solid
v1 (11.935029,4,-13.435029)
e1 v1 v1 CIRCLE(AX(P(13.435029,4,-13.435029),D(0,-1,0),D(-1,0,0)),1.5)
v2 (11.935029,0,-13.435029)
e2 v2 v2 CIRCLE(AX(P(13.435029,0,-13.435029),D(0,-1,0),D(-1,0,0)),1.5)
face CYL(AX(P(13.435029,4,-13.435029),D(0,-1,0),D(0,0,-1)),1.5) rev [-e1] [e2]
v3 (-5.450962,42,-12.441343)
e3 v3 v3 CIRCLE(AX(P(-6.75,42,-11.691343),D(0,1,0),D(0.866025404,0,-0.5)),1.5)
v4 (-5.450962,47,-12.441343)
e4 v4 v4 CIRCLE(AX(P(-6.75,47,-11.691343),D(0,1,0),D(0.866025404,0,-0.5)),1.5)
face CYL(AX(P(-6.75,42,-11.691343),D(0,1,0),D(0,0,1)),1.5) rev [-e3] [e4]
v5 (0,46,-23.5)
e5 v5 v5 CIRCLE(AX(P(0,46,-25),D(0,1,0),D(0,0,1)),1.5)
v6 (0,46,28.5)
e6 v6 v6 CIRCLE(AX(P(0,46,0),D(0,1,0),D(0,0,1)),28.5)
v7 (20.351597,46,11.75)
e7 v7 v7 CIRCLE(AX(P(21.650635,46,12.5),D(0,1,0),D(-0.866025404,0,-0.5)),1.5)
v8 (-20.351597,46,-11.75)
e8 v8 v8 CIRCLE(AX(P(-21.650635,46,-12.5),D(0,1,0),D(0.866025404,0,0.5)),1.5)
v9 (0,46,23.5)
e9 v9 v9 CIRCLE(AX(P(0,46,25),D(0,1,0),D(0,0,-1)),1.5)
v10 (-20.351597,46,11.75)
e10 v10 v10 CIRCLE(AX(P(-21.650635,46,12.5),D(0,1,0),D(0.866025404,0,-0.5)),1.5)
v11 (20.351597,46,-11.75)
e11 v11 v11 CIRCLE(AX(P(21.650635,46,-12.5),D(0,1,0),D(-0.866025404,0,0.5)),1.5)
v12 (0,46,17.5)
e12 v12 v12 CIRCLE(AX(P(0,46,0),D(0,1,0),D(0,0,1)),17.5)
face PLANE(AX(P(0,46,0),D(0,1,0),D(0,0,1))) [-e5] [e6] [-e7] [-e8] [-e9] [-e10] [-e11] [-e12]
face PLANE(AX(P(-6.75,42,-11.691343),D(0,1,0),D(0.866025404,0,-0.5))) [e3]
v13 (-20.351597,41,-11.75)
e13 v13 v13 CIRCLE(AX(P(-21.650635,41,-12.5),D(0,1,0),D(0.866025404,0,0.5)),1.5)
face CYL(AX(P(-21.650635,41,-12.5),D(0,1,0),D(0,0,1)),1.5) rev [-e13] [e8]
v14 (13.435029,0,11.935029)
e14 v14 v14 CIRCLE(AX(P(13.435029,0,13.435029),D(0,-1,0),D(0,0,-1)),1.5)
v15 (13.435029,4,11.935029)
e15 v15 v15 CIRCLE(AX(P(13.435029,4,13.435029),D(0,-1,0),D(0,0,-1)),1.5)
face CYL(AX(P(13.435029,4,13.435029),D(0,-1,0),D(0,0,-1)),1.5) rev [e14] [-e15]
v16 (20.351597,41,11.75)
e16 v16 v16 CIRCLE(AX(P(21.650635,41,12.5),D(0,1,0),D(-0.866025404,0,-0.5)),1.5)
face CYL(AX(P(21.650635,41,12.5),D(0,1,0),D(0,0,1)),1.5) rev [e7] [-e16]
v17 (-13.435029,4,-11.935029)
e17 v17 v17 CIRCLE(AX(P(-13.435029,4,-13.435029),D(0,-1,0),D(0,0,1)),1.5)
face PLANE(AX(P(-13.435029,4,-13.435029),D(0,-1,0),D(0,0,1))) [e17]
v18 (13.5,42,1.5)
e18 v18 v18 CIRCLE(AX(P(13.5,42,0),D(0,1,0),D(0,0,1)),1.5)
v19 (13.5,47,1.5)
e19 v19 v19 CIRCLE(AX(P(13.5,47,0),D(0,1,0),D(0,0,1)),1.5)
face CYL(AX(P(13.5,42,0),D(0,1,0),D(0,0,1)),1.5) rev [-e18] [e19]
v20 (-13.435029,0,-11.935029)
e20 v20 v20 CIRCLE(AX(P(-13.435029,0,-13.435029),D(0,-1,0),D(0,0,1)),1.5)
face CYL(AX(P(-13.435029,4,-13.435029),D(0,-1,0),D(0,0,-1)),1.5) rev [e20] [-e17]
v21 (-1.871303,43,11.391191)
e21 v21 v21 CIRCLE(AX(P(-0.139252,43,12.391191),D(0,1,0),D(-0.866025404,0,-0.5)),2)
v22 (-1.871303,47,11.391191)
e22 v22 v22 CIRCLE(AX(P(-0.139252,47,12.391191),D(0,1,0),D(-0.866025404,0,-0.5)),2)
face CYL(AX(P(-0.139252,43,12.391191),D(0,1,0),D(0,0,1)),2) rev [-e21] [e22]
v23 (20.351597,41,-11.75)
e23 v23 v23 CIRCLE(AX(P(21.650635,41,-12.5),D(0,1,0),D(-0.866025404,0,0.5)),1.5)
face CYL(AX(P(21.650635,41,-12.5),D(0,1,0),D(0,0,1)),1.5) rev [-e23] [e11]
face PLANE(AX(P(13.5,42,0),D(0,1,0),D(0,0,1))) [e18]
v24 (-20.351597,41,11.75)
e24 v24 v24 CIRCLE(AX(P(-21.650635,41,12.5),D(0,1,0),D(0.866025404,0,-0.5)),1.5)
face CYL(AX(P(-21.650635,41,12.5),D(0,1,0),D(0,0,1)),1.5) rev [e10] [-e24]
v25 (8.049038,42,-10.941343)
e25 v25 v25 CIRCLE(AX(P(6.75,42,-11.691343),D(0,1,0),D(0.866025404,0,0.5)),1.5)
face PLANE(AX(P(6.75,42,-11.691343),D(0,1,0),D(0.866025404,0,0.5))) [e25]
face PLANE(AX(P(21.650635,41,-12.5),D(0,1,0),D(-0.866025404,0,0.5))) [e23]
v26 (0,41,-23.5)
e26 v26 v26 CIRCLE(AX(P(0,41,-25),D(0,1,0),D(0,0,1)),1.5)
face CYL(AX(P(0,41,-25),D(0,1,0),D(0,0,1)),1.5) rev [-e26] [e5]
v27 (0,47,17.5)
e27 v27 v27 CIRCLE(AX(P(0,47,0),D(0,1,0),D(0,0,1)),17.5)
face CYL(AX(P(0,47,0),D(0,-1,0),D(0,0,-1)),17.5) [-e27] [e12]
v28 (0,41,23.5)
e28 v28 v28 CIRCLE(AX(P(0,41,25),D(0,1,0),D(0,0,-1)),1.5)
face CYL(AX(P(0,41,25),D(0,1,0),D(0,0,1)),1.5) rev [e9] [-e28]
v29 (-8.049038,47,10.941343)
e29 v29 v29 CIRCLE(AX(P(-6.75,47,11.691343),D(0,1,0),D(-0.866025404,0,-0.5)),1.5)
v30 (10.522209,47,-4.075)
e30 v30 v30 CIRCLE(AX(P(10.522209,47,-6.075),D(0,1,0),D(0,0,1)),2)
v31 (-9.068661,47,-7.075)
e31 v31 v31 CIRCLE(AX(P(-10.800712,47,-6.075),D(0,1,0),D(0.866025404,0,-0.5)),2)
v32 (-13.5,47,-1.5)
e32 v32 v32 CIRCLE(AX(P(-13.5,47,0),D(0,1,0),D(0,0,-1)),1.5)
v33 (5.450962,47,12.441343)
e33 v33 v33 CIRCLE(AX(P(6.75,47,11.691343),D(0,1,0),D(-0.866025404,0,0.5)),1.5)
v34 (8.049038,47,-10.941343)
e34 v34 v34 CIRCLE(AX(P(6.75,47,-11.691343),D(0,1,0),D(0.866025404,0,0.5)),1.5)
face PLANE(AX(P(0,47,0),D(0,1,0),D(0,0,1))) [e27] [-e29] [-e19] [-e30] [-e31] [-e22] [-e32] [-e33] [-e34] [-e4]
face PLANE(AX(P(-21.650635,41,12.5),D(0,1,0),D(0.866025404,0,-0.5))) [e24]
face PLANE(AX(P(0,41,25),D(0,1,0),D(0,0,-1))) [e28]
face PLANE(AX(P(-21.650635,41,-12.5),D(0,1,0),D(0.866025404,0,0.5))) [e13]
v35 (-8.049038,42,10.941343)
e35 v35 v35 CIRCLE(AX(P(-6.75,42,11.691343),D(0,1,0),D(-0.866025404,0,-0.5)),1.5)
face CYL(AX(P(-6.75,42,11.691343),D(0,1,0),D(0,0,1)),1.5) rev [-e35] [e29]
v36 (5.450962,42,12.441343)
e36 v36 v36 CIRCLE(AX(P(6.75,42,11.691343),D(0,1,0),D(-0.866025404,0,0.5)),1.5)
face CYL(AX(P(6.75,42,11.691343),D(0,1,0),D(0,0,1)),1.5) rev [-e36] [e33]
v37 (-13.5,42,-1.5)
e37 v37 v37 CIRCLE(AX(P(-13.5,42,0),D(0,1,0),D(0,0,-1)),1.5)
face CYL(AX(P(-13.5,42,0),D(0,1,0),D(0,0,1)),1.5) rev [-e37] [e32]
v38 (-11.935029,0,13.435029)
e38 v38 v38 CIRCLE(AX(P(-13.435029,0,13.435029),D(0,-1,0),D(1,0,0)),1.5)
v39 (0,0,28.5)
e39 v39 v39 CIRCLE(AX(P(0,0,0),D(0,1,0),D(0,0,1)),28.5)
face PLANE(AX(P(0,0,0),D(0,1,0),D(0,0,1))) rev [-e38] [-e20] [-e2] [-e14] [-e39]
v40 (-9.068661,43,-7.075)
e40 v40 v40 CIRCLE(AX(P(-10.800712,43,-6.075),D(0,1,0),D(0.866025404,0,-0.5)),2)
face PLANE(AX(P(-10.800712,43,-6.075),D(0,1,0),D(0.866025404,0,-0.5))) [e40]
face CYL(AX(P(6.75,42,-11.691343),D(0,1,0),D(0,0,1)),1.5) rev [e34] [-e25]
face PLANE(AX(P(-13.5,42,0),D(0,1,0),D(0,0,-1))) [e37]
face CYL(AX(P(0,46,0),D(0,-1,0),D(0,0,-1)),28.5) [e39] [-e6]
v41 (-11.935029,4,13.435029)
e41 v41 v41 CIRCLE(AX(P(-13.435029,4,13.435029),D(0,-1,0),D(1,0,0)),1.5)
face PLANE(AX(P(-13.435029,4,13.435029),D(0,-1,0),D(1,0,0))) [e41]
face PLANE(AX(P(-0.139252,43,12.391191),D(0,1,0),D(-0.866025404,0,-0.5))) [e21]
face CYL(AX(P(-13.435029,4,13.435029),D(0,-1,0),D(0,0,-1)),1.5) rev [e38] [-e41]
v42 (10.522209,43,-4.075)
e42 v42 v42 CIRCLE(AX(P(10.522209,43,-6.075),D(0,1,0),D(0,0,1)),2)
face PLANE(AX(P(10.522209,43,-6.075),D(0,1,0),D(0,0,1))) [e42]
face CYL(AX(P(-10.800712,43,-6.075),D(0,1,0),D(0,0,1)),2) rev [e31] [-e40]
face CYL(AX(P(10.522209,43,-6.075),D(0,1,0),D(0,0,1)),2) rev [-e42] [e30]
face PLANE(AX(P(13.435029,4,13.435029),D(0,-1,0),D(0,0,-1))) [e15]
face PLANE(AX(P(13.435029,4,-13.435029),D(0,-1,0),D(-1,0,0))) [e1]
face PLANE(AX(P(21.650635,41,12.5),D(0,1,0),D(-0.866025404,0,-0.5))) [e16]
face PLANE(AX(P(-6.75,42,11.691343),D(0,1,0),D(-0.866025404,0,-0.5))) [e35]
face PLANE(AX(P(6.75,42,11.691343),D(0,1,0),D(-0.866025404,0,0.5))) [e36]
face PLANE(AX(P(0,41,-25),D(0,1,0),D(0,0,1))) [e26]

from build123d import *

# Parameters (mm, degrees)
SKETCH_1_R               = 28.5
EXTRUDE_1_DEPTH          = 46
SKETCH_2_R               = 17.5
EXTRUDE_2_DEPTH          = 1
SKETCH_4_R               = 1.5
CUT_EXTRUDE_1_DEPTH      = 4
PATTERN_CIRCULAR_1_COUNT = 4
SKETCH_5_R               = 2
CUT_EXTRUDE_2_DEPTH      = 4
PATTERN_CIRCULAR_2_COUNT = 3
SKETCH_6_R               = 1.5
CUT_EXTRUDE_3_DEPTH      = 5
PATTERN_CIRCULAR_3_COUNT = 6
SKETCH_8_R               = 1.5
CUT_EXTRUDE_4_DEPTH      = 5
PATTERN_CIRCULAR_4_COUNT = 6


with BuildPart() as part:
    # 草图1 → 凸台-拉伸1 (new body)
    with BuildSketch(Plane(origin=(0, 0, 0), x_dir=(1, 0, 0), z_dir=(0, 1, 0))):
        with Locations(Location((0, 0, 0), (0, 0, 270))):
            Circle(SKETCH_1_R)
    extrude(amount=EXTRUDE_1_DEPTH)

    # 草图2 → 凸台-拉伸2 (add)
    with BuildSketch(Plane(origin=(0, 46, 0), x_dir=(1, 0, 0), z_dir=(0, 1, 0))):
        with Locations(Location((0, 0, 0), (0, 0, 270))):
            Circle(SKETCH_2_R)
    extrude(amount=EXTRUDE_2_DEPTH)

    # 草图4 → 切除-拉伸1 (cut)
    with BuildSketch(Plane.XZ):
        with Locations(Location((13.435028843, 13.435028843, 0), (0, 0, 270))):
            Circle(SKETCH_4_R)
    cut_extrude_1 = extrude(amount=-CUT_EXTRUDE_1_DEPTH, mode=Mode.SUBTRACT)

    # 阵列(圆周)1: 切除-拉伸1 ×4 about axis
    pattern_circular_1_axis = Axis((0, 0, 0), (0, 1, 0))
    for i in range(1, PATTERN_CIRCULAR_1_COUNT):
        add(cut_extrude_1.rotate(pattern_circular_1_axis, i * 360 / PATTERN_CIRCULAR_1_COUNT), mode=Mode.SUBTRACT)

    # 草图5 → 切除-拉伸2 (cut)
    with BuildSketch(Plane(origin=(0, 47, 0), x_dir=(1, 0, 0), z_dir=(0, 1, 0))):
        with Locations(Location((10.522208656, 6.075, 0), (0, 0, 270))):
            Circle(SKETCH_5_R)
    cut_extrude_2 = extrude(amount=-CUT_EXTRUDE_2_DEPTH, mode=Mode.SUBTRACT)

    # 阵列(圆周)2: 切除-拉伸2 ×3 about axis
    pattern_circular_2_axis = Axis((-0.139251727, 0, 0.080397022), (0, 1, 0))
    for i in range(1, PATTERN_CIRCULAR_2_COUNT):
        add(cut_extrude_2.rotate(pattern_circular_2_axis, i * 360 / PATTERN_CIRCULAR_2_COUNT), mode=Mode.SUBTRACT)

    # 草图6 → 切除-拉伸3 (cut)
    with BuildSketch(Plane(origin=(0, 47, 0), x_dir=(1, 0, 0), z_dir=(0, 1, 0))):
        with Locations(Location((13.5, 0, 0), (0, 0, 270))):
            Circle(SKETCH_6_R)
    cut_extrude_3 = extrude(amount=-CUT_EXTRUDE_3_DEPTH, mode=Mode.SUBTRACT)

    # 阵列(圆周)3: 切除-拉伸3 ×6 about axis
    pattern_circular_3_axis = Axis((0, 0, 0), (0, 1, 0))
    for i in range(1, PATTERN_CIRCULAR_3_COUNT):
        add(cut_extrude_3.rotate(pattern_circular_3_axis, i * 360 / PATTERN_CIRCULAR_3_COUNT), mode=Mode.SUBTRACT)

    # 草图8 → 切除-拉伸4 (cut)
    with BuildSketch(Plane(origin=(0, 46, 0), x_dir=(1, 0, 0), z_dir=(0, 1, 0))):
        with Locations(Location((0, 25, 0), (0, 0, 270))):
            Circle(SKETCH_8_R)
    cut_extrude_4 = extrude(amount=-CUT_EXTRUDE_4_DEPTH, mode=Mode.SUBTRACT)

    # 阵列(圆周)4: 切除-拉伸4 ×6 about axis
    pattern_circular_4_axis = Axis((0, 0, 0), (0, 1, 0))
    for i in range(1, PATTERN_CIRCULAR_4_COUNT):
        add(cut_extrude_4.rotate(pattern_circular_4_axis, i * 360 / PATTERN_CIRCULAR_4_COUNT), mode=Mode.SUBTRACT)


solid = part.part
